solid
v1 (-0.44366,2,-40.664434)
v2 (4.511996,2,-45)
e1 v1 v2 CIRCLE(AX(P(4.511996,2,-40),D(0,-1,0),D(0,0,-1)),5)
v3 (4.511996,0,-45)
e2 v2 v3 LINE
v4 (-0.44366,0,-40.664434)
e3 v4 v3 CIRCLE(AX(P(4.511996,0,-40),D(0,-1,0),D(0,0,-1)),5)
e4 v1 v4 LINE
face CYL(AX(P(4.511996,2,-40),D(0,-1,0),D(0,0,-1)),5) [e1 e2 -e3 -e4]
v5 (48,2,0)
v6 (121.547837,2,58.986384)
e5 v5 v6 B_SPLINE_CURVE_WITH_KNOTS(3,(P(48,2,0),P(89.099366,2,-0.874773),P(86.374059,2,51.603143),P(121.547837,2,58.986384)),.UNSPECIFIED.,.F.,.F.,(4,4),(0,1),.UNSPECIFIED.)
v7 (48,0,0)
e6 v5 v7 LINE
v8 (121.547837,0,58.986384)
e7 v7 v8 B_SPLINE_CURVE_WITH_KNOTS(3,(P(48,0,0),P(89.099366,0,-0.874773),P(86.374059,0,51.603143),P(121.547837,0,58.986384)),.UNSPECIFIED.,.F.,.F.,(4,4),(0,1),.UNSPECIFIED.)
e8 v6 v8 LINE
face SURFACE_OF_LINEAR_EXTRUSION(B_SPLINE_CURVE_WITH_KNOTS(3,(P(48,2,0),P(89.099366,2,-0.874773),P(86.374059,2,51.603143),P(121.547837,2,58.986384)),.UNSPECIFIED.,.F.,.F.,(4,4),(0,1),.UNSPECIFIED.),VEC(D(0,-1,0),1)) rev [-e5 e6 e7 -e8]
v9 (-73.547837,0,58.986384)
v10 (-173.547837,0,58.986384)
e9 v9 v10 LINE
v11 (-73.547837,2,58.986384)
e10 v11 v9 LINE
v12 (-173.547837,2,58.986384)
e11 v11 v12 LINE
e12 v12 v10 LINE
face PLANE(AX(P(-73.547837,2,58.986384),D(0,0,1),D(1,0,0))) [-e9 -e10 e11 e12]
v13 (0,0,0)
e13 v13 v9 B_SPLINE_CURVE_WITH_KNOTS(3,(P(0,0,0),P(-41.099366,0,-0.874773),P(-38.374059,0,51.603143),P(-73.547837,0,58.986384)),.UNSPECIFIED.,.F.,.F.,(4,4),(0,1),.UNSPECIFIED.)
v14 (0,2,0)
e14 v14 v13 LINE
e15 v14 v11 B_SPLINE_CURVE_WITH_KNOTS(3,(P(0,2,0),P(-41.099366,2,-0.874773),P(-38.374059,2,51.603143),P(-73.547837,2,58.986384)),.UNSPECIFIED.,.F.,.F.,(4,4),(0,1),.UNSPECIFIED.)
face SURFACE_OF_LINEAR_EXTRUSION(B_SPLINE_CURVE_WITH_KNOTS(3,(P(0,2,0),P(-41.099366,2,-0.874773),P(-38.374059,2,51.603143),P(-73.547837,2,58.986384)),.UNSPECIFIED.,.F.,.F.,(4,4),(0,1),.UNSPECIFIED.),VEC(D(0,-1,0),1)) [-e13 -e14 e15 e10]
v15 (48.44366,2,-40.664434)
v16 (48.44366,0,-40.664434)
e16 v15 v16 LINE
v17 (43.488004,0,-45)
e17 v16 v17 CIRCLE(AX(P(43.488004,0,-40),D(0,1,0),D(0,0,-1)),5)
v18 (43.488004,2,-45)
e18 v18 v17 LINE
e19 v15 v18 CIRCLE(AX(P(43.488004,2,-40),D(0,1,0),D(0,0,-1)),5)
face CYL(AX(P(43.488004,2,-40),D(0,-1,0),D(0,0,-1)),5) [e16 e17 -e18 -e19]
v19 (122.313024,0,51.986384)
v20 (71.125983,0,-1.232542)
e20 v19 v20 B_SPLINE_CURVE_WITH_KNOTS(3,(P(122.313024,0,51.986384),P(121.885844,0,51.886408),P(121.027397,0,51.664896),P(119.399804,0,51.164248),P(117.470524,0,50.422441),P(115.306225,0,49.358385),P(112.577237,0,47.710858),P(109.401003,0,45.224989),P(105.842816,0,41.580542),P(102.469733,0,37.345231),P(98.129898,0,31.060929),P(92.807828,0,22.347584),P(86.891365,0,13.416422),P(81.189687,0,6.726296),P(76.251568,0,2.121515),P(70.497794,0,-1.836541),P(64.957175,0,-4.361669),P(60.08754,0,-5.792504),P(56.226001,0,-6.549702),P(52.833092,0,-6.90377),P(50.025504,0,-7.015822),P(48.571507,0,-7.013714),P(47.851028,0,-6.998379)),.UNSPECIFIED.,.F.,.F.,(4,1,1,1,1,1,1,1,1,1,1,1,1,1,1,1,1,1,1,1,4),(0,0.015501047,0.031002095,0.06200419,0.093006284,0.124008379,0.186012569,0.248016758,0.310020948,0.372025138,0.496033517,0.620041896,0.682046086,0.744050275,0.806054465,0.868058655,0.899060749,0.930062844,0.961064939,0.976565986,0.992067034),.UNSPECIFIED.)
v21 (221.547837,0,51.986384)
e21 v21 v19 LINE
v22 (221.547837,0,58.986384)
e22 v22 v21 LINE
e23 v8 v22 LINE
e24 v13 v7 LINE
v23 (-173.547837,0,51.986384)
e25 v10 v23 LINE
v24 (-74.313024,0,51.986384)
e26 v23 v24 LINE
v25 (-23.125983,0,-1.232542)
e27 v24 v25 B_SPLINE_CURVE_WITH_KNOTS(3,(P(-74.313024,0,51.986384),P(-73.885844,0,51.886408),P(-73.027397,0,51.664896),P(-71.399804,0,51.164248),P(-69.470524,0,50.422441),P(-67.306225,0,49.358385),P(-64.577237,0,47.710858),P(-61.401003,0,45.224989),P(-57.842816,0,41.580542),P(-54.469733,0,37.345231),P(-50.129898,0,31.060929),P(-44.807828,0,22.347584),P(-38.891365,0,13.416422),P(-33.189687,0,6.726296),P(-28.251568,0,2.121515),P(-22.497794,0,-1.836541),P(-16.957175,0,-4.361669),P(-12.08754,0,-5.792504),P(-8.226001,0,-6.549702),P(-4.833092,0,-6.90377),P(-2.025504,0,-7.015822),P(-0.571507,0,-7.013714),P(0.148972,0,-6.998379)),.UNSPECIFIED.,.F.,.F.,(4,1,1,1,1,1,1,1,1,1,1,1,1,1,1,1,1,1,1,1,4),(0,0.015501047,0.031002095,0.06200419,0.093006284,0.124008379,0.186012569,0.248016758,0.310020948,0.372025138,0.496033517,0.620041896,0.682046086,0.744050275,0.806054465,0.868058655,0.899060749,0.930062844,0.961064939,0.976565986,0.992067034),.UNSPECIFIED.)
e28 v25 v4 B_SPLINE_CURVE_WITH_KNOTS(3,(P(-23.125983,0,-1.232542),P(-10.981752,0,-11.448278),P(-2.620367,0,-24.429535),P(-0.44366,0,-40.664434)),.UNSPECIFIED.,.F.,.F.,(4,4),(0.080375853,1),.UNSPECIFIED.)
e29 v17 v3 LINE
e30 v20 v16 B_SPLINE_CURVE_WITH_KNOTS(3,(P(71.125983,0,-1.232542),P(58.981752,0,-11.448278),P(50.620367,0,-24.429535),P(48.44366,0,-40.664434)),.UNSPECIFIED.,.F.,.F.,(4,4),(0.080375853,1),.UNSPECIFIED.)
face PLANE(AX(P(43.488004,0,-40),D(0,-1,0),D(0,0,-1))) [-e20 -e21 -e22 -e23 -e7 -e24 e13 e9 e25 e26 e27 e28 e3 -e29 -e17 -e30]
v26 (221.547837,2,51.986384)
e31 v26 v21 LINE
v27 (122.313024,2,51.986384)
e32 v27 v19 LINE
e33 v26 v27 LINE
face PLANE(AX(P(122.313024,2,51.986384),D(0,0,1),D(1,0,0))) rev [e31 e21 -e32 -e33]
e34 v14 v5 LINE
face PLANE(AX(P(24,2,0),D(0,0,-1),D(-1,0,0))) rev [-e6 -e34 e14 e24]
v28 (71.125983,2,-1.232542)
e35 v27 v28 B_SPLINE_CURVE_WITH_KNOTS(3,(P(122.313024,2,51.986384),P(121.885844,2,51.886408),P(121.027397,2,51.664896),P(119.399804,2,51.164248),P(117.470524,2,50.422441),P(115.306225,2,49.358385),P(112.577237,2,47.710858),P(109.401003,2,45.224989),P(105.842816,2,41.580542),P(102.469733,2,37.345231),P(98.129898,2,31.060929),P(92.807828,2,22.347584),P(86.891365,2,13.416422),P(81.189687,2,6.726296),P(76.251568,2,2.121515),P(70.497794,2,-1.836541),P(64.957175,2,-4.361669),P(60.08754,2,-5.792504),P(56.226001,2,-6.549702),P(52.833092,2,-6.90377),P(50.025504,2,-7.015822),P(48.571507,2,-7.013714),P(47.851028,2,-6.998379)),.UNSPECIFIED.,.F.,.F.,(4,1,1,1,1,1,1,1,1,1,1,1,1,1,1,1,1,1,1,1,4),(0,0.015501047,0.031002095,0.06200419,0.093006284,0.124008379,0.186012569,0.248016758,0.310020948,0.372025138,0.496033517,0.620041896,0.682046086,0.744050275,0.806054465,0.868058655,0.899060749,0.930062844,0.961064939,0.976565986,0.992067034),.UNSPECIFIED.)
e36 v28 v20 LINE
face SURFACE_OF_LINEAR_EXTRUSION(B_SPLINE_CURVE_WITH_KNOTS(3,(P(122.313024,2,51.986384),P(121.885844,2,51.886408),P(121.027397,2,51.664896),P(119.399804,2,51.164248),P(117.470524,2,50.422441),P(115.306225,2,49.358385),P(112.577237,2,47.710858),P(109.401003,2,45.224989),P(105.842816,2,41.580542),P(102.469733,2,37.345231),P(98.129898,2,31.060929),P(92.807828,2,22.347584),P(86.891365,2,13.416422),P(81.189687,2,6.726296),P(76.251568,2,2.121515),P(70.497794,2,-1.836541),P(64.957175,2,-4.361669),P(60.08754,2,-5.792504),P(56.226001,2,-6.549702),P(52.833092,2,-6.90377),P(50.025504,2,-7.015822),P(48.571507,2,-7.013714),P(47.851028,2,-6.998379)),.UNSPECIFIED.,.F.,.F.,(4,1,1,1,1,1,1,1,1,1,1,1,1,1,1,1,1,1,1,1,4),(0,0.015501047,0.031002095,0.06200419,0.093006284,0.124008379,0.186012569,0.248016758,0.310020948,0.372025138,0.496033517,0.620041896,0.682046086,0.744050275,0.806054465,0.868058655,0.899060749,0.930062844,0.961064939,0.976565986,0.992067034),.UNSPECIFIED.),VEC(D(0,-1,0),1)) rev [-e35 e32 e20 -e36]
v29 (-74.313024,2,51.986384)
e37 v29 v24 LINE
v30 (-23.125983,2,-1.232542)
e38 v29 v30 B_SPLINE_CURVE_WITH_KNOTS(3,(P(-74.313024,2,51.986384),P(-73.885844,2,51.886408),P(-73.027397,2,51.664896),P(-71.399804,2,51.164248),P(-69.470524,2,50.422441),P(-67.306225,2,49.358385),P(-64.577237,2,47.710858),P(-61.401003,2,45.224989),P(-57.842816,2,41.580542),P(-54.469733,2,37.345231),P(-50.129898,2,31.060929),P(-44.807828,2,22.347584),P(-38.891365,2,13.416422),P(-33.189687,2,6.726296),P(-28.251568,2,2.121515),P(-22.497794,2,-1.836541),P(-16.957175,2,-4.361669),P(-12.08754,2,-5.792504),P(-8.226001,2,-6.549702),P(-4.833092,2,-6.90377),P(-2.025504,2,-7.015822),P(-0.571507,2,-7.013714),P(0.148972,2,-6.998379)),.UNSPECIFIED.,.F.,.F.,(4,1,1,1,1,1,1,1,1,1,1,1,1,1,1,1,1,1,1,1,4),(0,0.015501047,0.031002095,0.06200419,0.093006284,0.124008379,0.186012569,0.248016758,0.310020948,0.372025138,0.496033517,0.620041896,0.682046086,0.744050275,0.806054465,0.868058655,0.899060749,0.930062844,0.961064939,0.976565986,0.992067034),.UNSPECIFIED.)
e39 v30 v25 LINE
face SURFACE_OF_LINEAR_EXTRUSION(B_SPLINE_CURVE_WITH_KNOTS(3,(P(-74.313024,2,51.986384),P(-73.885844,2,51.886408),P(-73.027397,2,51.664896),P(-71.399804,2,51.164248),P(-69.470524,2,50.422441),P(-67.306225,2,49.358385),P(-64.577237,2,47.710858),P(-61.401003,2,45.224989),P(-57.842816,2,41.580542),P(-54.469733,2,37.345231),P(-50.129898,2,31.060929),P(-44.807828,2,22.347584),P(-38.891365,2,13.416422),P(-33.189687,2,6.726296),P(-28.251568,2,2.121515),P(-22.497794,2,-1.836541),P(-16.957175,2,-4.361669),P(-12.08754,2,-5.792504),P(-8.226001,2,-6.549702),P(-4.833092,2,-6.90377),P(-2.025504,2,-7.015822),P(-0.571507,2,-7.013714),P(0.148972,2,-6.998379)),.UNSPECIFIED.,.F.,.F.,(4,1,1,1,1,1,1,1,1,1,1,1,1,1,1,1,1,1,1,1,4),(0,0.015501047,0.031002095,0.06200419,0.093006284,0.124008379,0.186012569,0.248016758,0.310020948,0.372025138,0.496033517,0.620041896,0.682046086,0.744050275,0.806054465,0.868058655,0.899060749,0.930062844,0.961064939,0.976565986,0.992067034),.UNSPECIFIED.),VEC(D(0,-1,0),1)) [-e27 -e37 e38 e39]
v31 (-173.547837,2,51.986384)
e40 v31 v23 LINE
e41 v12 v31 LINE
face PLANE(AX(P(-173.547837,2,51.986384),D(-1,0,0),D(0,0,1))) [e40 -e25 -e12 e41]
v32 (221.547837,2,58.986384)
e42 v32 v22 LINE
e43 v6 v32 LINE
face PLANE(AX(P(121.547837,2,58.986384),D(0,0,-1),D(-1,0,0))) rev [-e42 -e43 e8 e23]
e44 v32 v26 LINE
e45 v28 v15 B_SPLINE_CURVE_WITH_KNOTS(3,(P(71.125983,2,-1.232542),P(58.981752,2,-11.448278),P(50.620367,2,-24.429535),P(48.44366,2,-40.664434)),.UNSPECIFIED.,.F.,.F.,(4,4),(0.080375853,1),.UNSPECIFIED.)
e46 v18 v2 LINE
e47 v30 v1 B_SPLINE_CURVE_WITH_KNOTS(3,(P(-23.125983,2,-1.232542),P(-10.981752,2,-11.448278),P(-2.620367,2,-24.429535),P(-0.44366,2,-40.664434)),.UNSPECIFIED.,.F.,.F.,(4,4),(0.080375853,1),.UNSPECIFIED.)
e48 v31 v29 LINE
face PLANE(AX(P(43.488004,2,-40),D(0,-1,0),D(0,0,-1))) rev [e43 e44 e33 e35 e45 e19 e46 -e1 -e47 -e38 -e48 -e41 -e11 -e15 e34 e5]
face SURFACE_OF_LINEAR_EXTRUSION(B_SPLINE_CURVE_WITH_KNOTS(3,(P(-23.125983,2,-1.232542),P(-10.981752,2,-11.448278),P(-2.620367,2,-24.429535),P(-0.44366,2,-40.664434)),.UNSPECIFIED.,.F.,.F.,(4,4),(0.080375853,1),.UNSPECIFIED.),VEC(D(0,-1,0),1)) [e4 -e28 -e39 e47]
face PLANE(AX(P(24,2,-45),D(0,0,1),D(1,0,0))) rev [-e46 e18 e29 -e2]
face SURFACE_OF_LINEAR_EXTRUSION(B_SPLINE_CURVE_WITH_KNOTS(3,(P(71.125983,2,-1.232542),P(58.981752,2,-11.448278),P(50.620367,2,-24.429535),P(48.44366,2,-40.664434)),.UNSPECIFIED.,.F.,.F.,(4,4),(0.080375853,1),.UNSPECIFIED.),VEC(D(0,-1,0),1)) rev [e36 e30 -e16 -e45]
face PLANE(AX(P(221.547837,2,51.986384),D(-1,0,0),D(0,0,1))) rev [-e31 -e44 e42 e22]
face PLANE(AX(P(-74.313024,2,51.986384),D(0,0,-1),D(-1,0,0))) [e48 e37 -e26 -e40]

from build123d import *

# Parameters (mm, degrees)
BOSS_EXTRUDE1_DEPTH = 2


with BuildPart() as part:
    # Sketch1 → Boss-Extrude1 (new body)
    with BuildSketch(Plane(origin=(0, 0, 0), x_dir=(1, 0, 0), z_dir=(0, 1, 0))):
        with BuildLine():
            Line((24, 0), (48, 0))
            add(Edge.make_bspline(
                [(48, 0), (89.099365724, 0.874773385), (86.374059044, -51.603142983), (121.547837425, -58.986384407)],
                knots=[0, 0, 0, 0, 1, 1, 1, 1], degree=3))
            Line((121.547837425, -58.986384407), (221.547837425, -58.986384407))
            Line((221.547837425, -58.986384407), (221.547837425, -51.986384407))
            Line((221.547837425, -51.986384407), (122.313023704, -51.986384407))
            add(Edge.make_bspline(
                [(71.125998731, 1.232568174), (72.898809563, 0.181682333), (76.459813959, -2.315666191), (81.189700312, -6.726275017), (86.891376041, -13.416403627), (92.807836153, -22.347568969), (98.129903366, -31.060917059), (102.469737091, -37.345221684), (105.842818581, -41.580534372), (109.401004038, -45.224982649), (112.577237242, -47.710854013), (115.306225207, -49.358382328), (117.470523961, -50.422439309), (119.399803514, -51.164246751), (121.027397151, -51.664895321), (121.885844483, -51.886407758), (122.313023704, -51.986384407)],
                knots=[0.193856357, 0.193856357, 0.193856357, 0.193856357, 0.248016758, 0.310020948, 0.372025138, 0.496033517, 0.620041896, 0.682046086, 0.744050275, 0.806054465, 0.868058655, 0.899060749, 0.930062844, 0.961064939, 0.976565986, 0.992067034, 0.992067034, 0.992067034, 0.992067034], degree=3))
            add(Edge.make_bspline(
                [(48.443659708, 40.664433584), (50.620366821, 24.429534749), (58.981751845, 11.448277847), (71.125998731, 1.232568174)],
                knots=[0.080375853, 0.080375853, 0.080375853, 0.080375853, 1, 1, 1, 1], degree=3))
            ThreePointArc((48.443659708, 40.664433584), (46.780254452, 43.763121571), (43.488003544, 45))
            Line((43.488003544, 45), (24, 45))
            Line((24, 45), (24, 0))
        make_face()
    boss_extrude1 = extrude(amount=BOSS_EXTRUDE1_DEPTH)

    # Mirror1: Boss-Extrude1 across plane
    add(boss_extrude1.mirror(Plane(origin=(24, 2, -45), x_dir=(0, 0, 1), z_dir=(1, 0, 0))))


solid = part.part
